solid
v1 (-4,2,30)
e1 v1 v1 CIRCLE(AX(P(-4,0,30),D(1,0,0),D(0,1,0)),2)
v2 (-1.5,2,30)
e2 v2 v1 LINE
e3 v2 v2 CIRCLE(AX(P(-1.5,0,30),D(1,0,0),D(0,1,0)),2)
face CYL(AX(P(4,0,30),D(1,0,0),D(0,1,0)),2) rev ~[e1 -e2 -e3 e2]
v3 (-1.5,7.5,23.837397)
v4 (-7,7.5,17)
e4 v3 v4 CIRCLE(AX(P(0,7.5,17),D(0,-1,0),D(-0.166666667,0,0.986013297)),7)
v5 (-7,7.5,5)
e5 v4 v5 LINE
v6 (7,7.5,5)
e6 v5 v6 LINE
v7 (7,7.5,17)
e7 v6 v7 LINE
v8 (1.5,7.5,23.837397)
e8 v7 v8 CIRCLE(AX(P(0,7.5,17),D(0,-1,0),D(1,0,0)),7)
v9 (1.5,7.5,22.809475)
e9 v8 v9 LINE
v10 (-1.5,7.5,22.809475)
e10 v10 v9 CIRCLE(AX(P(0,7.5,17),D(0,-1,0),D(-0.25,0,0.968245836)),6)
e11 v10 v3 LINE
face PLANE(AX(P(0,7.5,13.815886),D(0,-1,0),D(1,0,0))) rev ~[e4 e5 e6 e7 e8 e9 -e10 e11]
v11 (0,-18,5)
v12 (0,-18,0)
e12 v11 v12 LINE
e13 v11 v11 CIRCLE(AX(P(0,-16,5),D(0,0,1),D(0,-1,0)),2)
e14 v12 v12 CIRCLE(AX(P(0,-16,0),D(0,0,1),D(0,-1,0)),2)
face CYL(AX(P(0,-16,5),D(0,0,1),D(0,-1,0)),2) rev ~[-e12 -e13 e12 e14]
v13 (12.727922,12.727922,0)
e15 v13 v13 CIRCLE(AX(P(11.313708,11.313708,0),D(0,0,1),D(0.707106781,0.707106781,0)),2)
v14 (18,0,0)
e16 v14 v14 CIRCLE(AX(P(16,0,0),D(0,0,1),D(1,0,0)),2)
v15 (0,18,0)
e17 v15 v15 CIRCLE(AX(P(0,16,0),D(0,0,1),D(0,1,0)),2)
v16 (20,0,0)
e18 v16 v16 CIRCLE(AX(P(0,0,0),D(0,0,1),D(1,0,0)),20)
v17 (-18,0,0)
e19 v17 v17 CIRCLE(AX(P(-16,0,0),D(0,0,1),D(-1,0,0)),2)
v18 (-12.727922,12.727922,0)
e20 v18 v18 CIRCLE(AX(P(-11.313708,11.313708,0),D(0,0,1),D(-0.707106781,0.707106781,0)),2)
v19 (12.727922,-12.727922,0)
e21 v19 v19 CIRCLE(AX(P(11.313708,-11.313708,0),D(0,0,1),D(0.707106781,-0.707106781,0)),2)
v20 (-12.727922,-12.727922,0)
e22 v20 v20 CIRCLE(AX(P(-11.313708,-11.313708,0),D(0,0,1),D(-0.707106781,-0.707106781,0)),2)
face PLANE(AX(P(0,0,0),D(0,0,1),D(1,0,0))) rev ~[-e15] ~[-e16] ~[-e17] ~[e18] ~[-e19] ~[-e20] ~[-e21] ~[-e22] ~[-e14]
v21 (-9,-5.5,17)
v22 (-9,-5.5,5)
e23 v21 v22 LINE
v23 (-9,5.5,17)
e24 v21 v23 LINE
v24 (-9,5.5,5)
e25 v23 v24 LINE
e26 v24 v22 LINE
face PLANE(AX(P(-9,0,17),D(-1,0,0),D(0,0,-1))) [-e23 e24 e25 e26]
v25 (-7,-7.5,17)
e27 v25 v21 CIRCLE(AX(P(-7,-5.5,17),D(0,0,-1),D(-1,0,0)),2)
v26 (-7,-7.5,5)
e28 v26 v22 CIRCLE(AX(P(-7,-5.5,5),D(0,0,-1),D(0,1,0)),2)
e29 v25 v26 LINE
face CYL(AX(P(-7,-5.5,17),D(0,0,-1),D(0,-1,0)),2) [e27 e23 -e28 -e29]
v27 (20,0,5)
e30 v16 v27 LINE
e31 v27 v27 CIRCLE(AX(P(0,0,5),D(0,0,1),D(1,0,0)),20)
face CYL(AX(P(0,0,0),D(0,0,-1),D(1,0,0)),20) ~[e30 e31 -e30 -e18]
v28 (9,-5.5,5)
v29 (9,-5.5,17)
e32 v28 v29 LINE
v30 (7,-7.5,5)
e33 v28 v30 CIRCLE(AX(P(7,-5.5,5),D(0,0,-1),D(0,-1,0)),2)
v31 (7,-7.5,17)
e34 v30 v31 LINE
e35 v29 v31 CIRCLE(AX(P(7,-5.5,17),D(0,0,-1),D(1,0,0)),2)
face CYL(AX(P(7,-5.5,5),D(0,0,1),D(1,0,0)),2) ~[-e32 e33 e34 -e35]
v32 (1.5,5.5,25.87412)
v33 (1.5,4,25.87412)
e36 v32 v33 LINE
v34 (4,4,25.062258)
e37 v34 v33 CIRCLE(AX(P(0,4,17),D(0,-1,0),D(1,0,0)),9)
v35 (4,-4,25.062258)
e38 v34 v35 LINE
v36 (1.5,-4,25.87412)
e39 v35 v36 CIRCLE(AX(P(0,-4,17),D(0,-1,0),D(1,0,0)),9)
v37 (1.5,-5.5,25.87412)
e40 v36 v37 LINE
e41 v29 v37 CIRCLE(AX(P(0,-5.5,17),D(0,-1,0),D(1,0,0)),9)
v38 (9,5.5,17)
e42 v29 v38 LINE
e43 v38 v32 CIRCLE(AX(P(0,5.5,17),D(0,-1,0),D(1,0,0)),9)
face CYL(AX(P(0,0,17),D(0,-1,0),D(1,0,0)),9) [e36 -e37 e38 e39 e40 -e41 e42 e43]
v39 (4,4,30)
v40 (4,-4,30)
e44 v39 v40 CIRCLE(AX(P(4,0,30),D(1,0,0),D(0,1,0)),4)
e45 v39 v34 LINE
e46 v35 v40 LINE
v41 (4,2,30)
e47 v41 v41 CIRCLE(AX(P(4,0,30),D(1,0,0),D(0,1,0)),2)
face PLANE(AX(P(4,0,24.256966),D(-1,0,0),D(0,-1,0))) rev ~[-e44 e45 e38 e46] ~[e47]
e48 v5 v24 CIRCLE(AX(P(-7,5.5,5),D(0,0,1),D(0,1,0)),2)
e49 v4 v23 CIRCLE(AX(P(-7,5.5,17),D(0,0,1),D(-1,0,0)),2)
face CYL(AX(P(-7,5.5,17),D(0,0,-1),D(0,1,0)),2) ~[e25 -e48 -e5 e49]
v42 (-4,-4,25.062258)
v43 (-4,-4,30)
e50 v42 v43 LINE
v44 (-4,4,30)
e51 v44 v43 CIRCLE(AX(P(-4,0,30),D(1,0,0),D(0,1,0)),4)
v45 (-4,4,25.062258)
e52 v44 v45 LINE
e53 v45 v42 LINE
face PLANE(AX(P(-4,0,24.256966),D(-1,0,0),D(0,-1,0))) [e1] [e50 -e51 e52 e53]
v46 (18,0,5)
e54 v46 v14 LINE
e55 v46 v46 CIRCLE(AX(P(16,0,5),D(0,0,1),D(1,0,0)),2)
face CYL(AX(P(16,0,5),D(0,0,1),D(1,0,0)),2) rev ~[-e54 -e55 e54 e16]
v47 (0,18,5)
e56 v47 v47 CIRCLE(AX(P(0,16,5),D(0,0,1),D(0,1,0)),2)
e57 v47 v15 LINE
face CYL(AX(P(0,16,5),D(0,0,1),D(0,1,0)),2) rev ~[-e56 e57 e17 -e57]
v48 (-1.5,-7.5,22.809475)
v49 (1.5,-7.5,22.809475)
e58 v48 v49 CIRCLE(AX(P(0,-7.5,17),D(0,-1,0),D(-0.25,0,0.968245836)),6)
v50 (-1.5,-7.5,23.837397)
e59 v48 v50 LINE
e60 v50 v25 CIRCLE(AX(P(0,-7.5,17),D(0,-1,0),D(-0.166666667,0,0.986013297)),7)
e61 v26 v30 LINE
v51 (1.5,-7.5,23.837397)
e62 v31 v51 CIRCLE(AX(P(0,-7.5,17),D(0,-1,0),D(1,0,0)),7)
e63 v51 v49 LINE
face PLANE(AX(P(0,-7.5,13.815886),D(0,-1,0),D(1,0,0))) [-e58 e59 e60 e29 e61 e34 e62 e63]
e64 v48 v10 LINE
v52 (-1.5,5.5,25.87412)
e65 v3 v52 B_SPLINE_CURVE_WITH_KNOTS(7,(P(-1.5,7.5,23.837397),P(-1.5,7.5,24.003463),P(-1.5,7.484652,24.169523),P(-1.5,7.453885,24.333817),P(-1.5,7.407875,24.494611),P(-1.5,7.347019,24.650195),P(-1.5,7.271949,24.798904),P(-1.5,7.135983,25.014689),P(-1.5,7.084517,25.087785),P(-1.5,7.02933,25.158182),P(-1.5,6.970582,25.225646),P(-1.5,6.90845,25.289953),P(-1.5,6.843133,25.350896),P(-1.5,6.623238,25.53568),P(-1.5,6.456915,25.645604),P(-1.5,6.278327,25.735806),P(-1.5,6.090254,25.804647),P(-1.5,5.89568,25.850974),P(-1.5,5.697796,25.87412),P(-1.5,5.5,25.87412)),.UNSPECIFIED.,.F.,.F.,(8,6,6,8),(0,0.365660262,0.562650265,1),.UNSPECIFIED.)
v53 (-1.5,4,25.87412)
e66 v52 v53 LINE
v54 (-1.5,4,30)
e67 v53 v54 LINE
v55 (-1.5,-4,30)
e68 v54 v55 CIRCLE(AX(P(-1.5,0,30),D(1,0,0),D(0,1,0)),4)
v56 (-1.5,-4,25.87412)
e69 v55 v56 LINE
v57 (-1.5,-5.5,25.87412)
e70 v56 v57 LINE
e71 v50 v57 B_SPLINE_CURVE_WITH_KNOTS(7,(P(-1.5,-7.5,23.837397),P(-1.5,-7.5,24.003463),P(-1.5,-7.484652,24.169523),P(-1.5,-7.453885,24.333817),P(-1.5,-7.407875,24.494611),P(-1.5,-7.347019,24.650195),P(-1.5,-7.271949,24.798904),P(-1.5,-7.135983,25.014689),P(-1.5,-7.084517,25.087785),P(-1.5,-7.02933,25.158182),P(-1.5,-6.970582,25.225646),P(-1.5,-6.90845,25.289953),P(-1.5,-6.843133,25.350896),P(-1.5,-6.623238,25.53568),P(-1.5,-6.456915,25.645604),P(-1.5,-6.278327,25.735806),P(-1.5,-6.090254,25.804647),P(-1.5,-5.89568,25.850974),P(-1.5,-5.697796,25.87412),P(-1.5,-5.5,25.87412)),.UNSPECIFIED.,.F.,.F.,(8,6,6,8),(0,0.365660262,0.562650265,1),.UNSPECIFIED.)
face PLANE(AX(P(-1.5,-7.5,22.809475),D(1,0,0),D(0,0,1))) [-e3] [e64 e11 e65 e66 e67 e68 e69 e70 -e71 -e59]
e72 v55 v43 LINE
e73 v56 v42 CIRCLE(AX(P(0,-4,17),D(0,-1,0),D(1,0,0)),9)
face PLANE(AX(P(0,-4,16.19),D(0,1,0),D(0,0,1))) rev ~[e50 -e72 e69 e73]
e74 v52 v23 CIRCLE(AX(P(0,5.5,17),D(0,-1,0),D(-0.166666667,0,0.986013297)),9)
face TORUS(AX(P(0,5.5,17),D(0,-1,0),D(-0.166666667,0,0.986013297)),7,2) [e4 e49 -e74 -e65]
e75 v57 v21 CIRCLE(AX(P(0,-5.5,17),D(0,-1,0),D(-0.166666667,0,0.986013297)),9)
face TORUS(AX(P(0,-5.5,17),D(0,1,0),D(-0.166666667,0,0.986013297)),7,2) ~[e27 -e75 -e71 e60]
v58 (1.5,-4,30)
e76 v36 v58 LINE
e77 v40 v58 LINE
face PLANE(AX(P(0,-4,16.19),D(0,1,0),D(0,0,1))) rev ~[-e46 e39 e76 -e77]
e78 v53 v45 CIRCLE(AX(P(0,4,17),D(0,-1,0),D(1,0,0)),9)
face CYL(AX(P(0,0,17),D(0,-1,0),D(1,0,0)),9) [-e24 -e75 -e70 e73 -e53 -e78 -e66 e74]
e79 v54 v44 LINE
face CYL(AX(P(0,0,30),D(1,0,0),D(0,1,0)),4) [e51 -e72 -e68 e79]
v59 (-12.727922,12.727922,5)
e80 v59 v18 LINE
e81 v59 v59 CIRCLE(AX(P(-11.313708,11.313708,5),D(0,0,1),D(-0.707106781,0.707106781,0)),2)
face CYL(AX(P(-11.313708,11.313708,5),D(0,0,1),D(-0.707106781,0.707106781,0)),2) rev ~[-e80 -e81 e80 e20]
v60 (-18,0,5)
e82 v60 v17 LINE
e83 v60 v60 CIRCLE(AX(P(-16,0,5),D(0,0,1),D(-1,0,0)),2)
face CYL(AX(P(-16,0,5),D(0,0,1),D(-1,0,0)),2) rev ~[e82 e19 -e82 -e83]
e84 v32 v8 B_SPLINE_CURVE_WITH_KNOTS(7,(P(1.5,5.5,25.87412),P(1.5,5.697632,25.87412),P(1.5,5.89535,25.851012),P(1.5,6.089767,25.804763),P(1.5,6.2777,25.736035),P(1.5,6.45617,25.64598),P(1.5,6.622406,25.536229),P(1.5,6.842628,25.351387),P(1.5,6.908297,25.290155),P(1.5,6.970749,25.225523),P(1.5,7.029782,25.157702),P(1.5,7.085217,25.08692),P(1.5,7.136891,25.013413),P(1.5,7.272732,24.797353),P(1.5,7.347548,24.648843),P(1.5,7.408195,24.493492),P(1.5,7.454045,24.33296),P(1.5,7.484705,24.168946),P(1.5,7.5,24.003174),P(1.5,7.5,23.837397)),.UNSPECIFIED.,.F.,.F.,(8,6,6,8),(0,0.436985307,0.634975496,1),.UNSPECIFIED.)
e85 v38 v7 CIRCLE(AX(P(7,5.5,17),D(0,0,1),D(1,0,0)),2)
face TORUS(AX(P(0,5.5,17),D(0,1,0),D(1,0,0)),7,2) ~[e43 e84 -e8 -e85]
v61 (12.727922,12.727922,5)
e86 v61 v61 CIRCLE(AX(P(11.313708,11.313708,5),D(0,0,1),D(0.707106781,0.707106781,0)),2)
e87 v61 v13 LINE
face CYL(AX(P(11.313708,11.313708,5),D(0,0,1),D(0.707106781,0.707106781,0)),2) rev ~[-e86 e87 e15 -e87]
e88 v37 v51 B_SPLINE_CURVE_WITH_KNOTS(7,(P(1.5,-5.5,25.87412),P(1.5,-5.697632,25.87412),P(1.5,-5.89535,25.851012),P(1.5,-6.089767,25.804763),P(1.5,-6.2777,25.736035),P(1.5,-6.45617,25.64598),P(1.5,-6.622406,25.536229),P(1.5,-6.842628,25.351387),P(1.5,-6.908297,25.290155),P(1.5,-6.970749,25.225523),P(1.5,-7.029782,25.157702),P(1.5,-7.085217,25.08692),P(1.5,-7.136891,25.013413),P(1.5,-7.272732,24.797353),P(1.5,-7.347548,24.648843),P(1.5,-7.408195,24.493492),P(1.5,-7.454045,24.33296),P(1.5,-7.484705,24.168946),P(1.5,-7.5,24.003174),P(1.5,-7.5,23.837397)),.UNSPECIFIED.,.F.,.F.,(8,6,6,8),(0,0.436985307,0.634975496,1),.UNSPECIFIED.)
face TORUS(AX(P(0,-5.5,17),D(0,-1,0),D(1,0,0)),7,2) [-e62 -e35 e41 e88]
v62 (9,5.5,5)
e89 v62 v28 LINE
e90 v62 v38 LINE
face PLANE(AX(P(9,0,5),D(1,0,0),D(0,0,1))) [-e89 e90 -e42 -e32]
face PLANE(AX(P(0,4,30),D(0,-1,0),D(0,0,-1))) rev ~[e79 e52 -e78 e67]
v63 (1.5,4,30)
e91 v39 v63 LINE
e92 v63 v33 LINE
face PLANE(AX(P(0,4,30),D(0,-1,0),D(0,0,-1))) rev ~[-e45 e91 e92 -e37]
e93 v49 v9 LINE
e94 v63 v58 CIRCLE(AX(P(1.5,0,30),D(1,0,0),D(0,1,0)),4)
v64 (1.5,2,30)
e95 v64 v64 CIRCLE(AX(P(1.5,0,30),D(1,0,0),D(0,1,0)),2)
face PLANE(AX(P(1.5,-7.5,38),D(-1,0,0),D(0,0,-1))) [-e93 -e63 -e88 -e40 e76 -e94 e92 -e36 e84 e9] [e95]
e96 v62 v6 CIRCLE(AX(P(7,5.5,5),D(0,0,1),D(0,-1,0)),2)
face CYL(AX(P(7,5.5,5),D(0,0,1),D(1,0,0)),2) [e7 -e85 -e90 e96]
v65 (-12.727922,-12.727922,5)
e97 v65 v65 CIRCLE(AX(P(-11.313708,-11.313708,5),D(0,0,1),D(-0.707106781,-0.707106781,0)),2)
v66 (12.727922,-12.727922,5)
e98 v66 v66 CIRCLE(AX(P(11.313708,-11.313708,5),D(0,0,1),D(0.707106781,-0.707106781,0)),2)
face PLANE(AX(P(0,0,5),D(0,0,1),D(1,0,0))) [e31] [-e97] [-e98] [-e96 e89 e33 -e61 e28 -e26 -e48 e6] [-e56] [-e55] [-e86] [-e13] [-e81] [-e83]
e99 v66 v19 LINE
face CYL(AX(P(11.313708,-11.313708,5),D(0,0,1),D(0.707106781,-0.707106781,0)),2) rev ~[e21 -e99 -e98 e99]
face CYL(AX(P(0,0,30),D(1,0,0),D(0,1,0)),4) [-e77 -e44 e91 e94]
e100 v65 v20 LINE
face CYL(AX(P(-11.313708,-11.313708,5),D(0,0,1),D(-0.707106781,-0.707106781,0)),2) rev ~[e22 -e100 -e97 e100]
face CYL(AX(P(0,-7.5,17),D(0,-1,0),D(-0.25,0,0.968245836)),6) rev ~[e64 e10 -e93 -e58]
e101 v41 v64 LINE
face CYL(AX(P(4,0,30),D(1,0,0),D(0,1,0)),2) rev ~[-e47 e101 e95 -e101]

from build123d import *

# Parameters (mm, degrees)
SKETCH_R           = 20
PAD_DEPTH          = 5
PAD001_DEPTH       = 7.5
PAD002_DEPTH       = 4
SKETCH003_R        = 2
POCKET_DEPTH       = 24.001
POCKET001_DEPTH    = 27.501
SKETCH005_R        = 2
POCKET002_DEPTH    = 137.001
POLARPATTERN_COUNT = 8
FILLET_R           = 2


with BuildPart() as part:
    # Sketch → Pad (new body)
    with BuildSketch(Plane.XY):
        Circle(SKETCH_R)
    extrude(amount=PAD_DEPTH)

    # Sketch001 → Pad001 (join, symmetric)
    with BuildSketch(Plane.XZ):
        with BuildLine():
            Line((-9, 17), (-9, 5))
            Line((-9, 5), (9, 5))
            Line((9, 5), (9, 17))
            ThreePointArc((9, 17), (0, 26), (-9, 17))
        make_face()
    extrude(amount=PAD001_DEPTH, both=True)

    # Sketch002 → Pad002 (join, symmetric)
    with BuildSketch(Plane.YZ):
        with BuildLine():
            Line((-4, 16.19), (-4, 30))
            ThreePointArc((4, 30), (0, 34), (-4, 30))
            Line((4, 30), (4, 16.19))
            Line((4, 16.19), (-4, 16.19))
        make_face()
    extrude(amount=PAD002_DEPTH, both=True)

    # Sketch003 (on Face11 of Pad002) → Pocket (cut, through all)
    with BuildSketch(Plane.YZ.offset(4)):
        with Locations((0, 30)):
            Circle(SKETCH003_R)
    extrude(amount=-POCKET_DEPTH, mode=Mode.SUBTRACT)

    # Sketch004 (on Face5 of Pocket) → Pocket001 (cut, through all)
    with BuildSketch(Plane.XZ.offset(7.5)):
        with BuildLine():
            ThreePointArc((-1.5, 22.809475), (0, 11), (1.5, 22.809475))
            Line((1.5, 38), (1.5, 22.809475))
            Line((-1.5, 38), (1.5, 38))
            Line((-1.5, 22.809475), (-1.5, 38))
        make_face()
    extrude(amount=-POCKET001_DEPTH, mode=Mode.SUBTRACT)

    # Sketch005 (on Face3 of Pocket001) → Pocket002 (cut, through all)
    with BuildSketch(Plane.XY.offset(5)):
        with Locations((16, 0)):
            Circle(SKETCH005_R)
    pocket002 = extrude(amount=-POCKET002_DEPTH, mode=Mode.SUBTRACT)

    # PolarPattern: Pocket002 ×8 about axis
    polarpattern_axis = Axis((0, 0, 5), (0, 0, 1))
    for i in range(1, POLARPATTERN_COUNT):
        add(pocket002.rotate(polarpattern_axis, i * 360 / POLARPATTERN_COUNT), mode=Mode.SUBTRACT)

    # Fillet
    fillet_edges = [part.edges().sort_by_distance(p)[0] for p in [
        (-6.873864, 7.5, 22.809475),
        (-6.873864, -7.5, 22.809475),
        (6.873864, -7.5, 22.809475),
        (6.873864, 7.5, 22.809475),
    ]]
    fillet(fillet_edges, radius=FILLET_R)


solid = part.part
